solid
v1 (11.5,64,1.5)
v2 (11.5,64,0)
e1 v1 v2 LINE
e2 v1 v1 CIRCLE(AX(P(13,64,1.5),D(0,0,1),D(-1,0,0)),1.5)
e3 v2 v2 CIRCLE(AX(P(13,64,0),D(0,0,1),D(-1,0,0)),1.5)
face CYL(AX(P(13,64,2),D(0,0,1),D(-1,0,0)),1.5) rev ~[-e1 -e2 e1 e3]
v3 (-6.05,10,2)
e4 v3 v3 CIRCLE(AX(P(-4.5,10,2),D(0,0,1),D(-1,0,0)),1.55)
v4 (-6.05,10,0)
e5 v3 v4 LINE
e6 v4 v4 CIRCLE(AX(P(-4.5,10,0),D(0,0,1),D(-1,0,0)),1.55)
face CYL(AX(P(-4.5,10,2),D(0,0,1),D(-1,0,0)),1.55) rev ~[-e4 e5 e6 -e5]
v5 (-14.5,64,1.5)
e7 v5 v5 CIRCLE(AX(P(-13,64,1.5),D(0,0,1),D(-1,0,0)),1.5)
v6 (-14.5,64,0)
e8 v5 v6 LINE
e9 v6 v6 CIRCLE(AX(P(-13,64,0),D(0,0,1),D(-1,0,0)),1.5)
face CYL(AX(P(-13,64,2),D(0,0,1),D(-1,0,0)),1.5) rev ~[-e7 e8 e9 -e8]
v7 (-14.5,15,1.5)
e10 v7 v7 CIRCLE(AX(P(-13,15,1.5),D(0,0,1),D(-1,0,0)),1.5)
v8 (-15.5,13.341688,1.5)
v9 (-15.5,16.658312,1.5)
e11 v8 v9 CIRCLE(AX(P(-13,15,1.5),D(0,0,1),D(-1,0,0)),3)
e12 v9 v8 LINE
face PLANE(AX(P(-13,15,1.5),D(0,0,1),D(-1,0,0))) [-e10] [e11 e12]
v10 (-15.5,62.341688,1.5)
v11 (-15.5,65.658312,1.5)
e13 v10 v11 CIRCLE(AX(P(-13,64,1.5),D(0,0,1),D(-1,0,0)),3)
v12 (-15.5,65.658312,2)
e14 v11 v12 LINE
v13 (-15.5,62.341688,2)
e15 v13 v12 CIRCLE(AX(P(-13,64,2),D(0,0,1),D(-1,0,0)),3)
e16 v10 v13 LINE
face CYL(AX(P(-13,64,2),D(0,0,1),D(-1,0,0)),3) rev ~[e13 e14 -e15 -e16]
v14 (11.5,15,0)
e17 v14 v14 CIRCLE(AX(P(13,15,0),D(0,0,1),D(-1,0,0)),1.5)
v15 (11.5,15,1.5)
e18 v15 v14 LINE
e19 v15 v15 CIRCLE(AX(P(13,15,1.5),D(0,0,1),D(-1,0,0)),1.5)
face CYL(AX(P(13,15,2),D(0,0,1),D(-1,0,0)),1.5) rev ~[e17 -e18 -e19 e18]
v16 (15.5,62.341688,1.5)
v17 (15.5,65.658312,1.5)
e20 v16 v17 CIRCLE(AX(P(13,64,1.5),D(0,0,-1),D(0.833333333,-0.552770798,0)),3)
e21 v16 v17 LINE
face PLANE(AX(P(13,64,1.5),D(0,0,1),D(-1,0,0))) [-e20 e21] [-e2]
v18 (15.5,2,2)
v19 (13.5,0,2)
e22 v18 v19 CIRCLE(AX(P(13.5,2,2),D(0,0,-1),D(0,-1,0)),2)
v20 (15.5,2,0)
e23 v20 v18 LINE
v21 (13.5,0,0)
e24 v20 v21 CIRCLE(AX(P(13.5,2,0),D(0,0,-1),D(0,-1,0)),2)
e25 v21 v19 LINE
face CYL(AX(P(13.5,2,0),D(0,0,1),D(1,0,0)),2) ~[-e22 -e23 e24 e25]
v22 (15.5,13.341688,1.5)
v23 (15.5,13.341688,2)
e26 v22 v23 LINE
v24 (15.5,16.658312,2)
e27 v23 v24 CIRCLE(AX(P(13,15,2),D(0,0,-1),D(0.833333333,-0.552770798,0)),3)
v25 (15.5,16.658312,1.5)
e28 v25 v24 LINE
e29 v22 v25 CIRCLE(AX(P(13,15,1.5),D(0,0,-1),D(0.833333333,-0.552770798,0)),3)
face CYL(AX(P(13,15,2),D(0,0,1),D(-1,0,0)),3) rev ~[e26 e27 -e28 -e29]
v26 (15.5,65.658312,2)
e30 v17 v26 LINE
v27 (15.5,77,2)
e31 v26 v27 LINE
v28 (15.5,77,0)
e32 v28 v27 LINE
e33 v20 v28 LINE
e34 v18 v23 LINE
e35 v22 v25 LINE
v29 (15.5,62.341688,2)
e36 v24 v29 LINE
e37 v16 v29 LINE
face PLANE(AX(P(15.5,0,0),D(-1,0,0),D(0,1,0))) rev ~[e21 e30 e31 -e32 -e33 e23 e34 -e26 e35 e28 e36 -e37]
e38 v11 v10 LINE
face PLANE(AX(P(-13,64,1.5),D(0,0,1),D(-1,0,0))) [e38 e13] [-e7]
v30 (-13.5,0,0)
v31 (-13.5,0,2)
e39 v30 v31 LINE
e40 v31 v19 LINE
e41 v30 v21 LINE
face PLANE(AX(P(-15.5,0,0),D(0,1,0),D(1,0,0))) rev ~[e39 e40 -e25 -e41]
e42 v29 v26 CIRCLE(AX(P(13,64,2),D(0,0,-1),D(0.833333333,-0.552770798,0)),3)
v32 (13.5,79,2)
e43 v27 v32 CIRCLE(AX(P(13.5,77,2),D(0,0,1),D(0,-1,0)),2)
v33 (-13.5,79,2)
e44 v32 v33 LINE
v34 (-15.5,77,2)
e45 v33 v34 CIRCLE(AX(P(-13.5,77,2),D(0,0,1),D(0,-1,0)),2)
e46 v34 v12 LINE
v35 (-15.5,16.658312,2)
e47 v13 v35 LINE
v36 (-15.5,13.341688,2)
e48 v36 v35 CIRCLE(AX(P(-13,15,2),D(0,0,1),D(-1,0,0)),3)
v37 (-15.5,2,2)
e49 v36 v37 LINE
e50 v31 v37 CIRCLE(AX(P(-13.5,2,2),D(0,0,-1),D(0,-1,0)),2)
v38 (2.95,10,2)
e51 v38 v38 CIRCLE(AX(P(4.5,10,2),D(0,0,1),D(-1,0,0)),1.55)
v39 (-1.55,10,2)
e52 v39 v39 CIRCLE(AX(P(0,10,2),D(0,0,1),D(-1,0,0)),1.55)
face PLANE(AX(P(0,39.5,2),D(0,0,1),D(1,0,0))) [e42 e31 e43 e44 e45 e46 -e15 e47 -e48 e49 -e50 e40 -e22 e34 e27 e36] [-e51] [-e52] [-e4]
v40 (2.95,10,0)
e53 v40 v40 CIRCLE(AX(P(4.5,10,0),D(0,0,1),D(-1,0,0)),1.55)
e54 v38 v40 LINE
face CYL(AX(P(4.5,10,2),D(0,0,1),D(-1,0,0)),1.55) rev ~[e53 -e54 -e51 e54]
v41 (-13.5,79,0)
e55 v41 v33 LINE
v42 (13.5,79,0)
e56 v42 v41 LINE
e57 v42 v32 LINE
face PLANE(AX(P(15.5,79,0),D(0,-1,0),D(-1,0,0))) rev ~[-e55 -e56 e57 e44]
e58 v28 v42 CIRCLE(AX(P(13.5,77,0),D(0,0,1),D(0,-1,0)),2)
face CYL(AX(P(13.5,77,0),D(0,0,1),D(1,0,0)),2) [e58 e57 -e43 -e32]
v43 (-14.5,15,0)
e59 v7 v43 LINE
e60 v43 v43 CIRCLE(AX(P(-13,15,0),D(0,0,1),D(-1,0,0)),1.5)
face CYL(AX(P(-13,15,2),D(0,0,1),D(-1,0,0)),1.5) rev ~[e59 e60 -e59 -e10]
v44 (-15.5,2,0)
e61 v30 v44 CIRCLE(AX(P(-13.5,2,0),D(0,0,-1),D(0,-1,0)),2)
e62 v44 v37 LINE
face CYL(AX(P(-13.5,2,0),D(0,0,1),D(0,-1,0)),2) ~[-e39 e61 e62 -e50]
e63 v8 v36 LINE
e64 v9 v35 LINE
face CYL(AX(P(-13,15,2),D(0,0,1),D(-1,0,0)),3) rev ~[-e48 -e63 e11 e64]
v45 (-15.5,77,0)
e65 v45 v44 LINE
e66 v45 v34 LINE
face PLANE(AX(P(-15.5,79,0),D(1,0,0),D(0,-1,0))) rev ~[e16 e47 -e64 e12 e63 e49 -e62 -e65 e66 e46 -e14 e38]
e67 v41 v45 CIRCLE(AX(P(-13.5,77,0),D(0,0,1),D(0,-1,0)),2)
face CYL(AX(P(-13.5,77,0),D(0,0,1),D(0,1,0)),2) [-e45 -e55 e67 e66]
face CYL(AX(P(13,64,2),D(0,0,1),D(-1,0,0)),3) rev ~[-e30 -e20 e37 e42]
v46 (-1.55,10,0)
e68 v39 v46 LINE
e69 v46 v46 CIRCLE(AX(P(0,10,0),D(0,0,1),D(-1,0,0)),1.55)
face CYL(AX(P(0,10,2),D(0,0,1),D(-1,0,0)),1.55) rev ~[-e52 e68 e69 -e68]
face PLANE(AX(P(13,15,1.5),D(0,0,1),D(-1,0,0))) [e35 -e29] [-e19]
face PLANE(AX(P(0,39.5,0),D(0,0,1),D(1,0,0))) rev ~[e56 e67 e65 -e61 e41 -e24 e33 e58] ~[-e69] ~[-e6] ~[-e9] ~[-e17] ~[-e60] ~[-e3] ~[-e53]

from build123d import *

# Parameters (mm, degrees)
PAD_DEPTH       = 2
SKETCH001_R     = 1.5
POCKET_DEPTH    = 2.001
SKETCH002_R     = 3
POCKET001_DEPTH = 0.5
SKETCH003_R     = 1.55
POCKET002_DEPTH = 2.001
FILLET_R        = 2


with BuildPart() as part:
    # Sketch → Pad (new body)
    with BuildSketch(Plane.XY):
        Polygon((0, 0), (15.5, 0), (15.5, 39.5), (15.5, 79), (0, 79), (-15.5, 79), (-15.5, 39.5), (-15.5, 0), align=None)
    extrude(amount=PAD_DEPTH)

    # Sketch001 (on DatumPlane) → Pocket (cut, through all)
    with BuildSketch(Plane(origin=(0, 0, 2), x_dir=(-1, 0, 0), z_dir=(0, 0, 1))):
        with Locations((-13, -15)):
            Circle(SKETCH001_R)
        with Locations((13, -15)):
            Circle(SKETCH001_R)
        with Locations((-13, -64)):
            Circle(SKETCH001_R)
        with Locations((13, -64)):
            Circle(SKETCH001_R)
    extrude(amount=-POCKET_DEPTH, mode=Mode.SUBTRACT)

    # Sketch002 (on DatumPlane) → Pocket001 (cut)
    with BuildSketch(Plane(origin=(0, 0, 2), x_dir=(-1, 0, 0), z_dir=(0, 0, 1))):
        with Locations((-13, -15)):
            Circle(SKETCH002_R)
        with Locations((13, -15)):
            Circle(SKETCH002_R)
        with Locations((-13, -64)):
            Circle(SKETCH002_R)
        with Locations((13, -64)):
            Circle(SKETCH002_R)
    extrude(amount=-POCKET001_DEPTH, mode=Mode.SUBTRACT)

    # Sketch003 (on DatumPlane) → Pocket002 (cut, through all)
    with BuildSketch(Plane(origin=(0, 0, 2), x_dir=(-1, 0, 0), z_dir=(0, 0, 1))):
        with Locations((0, -10)):
            Circle(SKETCH003_R)
        with Locations((-4.5, -10)):
            Circle(SKETCH003_R)
        with Locations((4.5, -10)):
            Circle(SKETCH003_R)
    extrude(amount=-POCKET002_DEPTH, mode=Mode.SUBTRACT)

    # Fillet
    fillet_edges = [part.edges().sort_by_distance(p)[0] for p in [
        (15.5, 79, 1),
        (-15.5, 79, 1),
        (-15.5, 0, 1),
        (15.5, 0, 1),
    ]]
    fillet(fillet_edges, radius=FILLET_R)


solid = part.part
